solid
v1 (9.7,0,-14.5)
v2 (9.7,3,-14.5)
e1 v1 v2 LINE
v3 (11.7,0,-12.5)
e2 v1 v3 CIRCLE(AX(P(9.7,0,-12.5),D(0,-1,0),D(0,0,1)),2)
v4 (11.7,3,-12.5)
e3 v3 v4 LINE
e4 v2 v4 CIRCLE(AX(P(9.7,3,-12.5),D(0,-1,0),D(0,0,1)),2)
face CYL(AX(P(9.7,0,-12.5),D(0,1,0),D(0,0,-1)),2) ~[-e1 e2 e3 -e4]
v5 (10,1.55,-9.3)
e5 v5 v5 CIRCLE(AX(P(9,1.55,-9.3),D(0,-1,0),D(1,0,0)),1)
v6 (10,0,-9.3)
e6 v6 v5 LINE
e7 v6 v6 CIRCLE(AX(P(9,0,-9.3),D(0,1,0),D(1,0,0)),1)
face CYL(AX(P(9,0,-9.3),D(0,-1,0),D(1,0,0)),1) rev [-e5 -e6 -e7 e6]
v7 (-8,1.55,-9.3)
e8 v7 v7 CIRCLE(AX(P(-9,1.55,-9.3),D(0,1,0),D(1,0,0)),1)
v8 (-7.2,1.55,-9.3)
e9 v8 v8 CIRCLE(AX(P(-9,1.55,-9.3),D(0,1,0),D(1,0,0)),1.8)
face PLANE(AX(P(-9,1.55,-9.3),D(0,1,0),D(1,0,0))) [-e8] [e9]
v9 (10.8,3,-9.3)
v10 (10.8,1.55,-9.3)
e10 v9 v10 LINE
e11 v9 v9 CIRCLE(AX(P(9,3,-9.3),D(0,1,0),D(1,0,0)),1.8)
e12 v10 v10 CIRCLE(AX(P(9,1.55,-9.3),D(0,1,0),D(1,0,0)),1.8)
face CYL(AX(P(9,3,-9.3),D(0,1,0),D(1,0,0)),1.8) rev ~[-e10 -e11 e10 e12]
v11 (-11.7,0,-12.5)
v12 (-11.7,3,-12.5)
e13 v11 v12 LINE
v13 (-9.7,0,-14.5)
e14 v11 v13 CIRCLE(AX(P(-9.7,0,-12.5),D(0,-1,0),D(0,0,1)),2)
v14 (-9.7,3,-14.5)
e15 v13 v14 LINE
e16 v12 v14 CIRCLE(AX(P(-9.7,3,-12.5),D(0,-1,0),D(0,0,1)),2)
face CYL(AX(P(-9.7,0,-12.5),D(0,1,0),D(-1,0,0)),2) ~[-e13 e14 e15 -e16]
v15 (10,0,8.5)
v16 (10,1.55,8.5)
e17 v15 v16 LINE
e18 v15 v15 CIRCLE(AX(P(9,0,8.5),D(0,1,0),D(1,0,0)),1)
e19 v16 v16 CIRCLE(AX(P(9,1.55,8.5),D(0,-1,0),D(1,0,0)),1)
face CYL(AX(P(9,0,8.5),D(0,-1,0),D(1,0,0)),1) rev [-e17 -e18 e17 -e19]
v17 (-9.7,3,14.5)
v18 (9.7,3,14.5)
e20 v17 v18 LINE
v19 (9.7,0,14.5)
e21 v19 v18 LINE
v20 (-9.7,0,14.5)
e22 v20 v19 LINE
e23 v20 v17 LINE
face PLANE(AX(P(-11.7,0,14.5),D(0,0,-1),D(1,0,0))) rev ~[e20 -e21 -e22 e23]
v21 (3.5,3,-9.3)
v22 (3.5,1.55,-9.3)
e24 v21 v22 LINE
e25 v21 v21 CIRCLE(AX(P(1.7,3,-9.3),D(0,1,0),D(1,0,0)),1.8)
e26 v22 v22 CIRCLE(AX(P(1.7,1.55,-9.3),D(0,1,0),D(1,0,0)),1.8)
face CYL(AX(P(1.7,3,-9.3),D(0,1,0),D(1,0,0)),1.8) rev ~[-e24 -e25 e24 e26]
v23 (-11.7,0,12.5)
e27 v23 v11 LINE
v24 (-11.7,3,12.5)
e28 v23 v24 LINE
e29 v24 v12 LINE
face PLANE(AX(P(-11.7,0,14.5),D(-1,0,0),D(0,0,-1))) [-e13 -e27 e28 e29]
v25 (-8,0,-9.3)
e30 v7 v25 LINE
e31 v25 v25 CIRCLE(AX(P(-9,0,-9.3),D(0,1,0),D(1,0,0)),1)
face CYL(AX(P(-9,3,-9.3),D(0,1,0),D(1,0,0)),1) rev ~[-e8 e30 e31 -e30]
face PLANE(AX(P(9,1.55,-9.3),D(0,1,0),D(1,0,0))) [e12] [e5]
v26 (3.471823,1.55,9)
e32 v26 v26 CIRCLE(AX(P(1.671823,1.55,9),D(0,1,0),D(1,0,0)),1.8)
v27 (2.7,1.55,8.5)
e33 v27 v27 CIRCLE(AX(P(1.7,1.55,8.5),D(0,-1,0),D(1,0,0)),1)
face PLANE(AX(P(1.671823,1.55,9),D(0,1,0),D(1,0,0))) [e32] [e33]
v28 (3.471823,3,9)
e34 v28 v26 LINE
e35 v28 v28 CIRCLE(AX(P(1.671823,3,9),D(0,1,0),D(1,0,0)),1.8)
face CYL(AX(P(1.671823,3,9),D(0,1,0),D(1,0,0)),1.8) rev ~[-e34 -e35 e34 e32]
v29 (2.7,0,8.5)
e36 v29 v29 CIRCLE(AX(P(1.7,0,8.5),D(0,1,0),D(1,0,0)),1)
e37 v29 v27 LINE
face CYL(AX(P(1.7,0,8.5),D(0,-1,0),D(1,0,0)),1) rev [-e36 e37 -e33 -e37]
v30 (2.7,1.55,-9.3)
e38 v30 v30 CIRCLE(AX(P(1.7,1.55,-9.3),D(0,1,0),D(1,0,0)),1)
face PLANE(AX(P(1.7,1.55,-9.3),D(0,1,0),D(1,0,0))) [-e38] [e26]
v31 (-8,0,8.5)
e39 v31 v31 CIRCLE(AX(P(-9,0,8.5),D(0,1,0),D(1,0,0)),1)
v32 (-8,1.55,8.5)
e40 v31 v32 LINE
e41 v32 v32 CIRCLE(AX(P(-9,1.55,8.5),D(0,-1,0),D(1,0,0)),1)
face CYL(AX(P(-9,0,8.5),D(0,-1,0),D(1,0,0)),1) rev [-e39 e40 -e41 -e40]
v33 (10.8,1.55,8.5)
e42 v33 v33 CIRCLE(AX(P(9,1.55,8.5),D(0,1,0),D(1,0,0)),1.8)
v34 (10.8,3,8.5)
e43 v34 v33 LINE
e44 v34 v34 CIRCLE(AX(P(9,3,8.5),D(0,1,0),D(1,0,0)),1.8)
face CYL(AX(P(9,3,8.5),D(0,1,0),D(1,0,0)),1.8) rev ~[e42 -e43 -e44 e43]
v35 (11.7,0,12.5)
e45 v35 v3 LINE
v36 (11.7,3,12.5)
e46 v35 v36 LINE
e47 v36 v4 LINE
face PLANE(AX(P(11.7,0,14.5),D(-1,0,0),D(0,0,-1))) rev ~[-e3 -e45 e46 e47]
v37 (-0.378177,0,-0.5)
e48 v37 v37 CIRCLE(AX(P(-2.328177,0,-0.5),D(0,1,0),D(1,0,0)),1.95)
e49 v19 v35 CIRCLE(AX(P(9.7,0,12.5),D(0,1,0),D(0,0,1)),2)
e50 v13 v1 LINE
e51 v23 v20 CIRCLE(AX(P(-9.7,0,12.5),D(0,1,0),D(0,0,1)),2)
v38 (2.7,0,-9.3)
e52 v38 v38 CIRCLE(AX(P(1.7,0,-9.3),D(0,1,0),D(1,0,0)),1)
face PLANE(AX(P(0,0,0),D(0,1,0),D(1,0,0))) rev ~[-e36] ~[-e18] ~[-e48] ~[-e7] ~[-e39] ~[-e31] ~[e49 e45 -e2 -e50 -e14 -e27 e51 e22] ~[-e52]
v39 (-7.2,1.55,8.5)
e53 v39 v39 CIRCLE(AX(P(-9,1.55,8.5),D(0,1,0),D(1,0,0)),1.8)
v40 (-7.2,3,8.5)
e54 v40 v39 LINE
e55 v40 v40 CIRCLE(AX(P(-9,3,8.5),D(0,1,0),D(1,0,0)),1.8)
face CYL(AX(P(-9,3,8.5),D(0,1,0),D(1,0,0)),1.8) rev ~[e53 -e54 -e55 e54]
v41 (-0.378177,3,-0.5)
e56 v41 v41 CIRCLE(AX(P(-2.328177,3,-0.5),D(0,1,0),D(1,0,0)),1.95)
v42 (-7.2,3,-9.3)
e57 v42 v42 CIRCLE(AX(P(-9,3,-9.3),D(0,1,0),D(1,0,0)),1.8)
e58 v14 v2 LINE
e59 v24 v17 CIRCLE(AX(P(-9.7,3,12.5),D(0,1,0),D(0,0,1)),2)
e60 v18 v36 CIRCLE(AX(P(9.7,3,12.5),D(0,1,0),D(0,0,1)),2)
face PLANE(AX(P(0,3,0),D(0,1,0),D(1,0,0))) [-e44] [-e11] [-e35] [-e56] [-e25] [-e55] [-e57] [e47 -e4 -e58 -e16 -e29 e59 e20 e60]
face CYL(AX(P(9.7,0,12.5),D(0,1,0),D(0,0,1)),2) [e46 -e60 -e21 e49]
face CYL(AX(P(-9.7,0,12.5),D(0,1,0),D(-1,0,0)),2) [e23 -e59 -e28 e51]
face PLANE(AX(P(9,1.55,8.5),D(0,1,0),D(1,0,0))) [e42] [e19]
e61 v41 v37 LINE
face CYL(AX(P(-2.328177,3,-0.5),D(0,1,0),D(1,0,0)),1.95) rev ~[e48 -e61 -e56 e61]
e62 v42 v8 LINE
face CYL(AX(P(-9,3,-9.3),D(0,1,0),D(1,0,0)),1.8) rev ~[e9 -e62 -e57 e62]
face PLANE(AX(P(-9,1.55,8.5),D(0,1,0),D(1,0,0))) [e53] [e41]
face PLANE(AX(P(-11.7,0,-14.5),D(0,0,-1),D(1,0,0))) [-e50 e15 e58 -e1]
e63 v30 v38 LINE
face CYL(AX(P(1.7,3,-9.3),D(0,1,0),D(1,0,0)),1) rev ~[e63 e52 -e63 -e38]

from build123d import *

# Parameters (mm, degrees)
SKETCH1_W           = 23.4
SKETCH1_H           = 29
SKETCH1_R           = 1
BOSS_EXTRUDE1_DEPTH = 3
FILLET1_R           = 2
SKETCH8_R           = 1
CUT_EXTRUDE5_DEPTH  = 10
SKETCH10_R          = 1.95
CUT_EXTRUDE6_DEPTH  = 10
SKETCH11_R          = 1.8
CUT_EXTRUDE7_DEPTH  = 1.45


with BuildPart() as part:
    # Sketch1 → Boss-Extrude1 (new body)
    with BuildSketch(Plane(origin=(0, 0, 0), x_dir=(1, 0, 0), z_dir=(0, 1, 0))):
        Rectangle(SKETCH1_W, SKETCH1_H)
        with Locations((9, 9.3)):
            Circle(SKETCH1_R, mode=Mode.SUBTRACT)
        with Locations((9, -8.5)):
            Circle(SKETCH1_R, mode=Mode.SUBTRACT)
        with Locations((-9, -8.5)):
            Circle(SKETCH1_R, mode=Mode.SUBTRACT)
        with Locations((1.7, -8.5)):
            Circle(SKETCH1_R, mode=Mode.SUBTRACT)
    extrude(amount=BOSS_EXTRUDE1_DEPTH)

    # Fillet1
    fillet1_edges = [part.edges().sort_by_distance(p)[0] for p in [
        (11.7, 1.5, 14.5),
        (-11.7, 1.5, 14.5),
        (-11.7, 1.5, -14.5),
        (11.7, 1.5, -14.5),
    ]]
    fillet(fillet1_edges, radius=FILLET1_R)

    # Sketch8 → Cut-Extrude5 (cut)
    with BuildSketch(Plane(origin=(0, 3, 0), x_dir=(1, 0, 0), z_dir=(0, 1, 0))):
        with Locations((1.7, 9.3)):
            Circle(SKETCH8_R)
        with Locations((-9, 9.3)):
            Circle(SKETCH8_R)
    extrude(amount=-CUT_EXTRUDE5_DEPTH, mode=Mode.SUBTRACT)

    # Sketch10 → Cut-Extrude6 (cut)
    with BuildSketch(Plane(origin=(0, 3, 0), x_dir=(1, 0, 0), z_dir=(0, 1, 0))):
        with Locations((-2.328177417, 0.5)):
            Circle(SKETCH10_R)
    extrude(amount=-CUT_EXTRUDE6_DEPTH, mode=Mode.SUBTRACT)

    # Sketch11 → Cut-Extrude7 (cut)
    with BuildSketch(Plane(origin=(0, 3, 0), x_dir=(1, 0, 0), z_dir=(0, 1, 0))):
        with Locations((-9, -8.5)):
            Circle(SKETCH11_R)
        with Locations((1.671822583, -9)):
            Circle(SKETCH11_R)
        with Locations((9, -8.5)):
            Circle(SKETCH11_R)
        with Locations((9, 9.3)):
            Circle(SKETCH11_R)
        with Locations((1.7, 9.3)):
            Circle(SKETCH11_R)
        with Locations((-9, 9.3)):
            Circle(SKETCH11_R)
    extrude(amount=-CUT_EXTRUDE7_DEPTH, mode=Mode.SUBTRACT)


solid = part.part
